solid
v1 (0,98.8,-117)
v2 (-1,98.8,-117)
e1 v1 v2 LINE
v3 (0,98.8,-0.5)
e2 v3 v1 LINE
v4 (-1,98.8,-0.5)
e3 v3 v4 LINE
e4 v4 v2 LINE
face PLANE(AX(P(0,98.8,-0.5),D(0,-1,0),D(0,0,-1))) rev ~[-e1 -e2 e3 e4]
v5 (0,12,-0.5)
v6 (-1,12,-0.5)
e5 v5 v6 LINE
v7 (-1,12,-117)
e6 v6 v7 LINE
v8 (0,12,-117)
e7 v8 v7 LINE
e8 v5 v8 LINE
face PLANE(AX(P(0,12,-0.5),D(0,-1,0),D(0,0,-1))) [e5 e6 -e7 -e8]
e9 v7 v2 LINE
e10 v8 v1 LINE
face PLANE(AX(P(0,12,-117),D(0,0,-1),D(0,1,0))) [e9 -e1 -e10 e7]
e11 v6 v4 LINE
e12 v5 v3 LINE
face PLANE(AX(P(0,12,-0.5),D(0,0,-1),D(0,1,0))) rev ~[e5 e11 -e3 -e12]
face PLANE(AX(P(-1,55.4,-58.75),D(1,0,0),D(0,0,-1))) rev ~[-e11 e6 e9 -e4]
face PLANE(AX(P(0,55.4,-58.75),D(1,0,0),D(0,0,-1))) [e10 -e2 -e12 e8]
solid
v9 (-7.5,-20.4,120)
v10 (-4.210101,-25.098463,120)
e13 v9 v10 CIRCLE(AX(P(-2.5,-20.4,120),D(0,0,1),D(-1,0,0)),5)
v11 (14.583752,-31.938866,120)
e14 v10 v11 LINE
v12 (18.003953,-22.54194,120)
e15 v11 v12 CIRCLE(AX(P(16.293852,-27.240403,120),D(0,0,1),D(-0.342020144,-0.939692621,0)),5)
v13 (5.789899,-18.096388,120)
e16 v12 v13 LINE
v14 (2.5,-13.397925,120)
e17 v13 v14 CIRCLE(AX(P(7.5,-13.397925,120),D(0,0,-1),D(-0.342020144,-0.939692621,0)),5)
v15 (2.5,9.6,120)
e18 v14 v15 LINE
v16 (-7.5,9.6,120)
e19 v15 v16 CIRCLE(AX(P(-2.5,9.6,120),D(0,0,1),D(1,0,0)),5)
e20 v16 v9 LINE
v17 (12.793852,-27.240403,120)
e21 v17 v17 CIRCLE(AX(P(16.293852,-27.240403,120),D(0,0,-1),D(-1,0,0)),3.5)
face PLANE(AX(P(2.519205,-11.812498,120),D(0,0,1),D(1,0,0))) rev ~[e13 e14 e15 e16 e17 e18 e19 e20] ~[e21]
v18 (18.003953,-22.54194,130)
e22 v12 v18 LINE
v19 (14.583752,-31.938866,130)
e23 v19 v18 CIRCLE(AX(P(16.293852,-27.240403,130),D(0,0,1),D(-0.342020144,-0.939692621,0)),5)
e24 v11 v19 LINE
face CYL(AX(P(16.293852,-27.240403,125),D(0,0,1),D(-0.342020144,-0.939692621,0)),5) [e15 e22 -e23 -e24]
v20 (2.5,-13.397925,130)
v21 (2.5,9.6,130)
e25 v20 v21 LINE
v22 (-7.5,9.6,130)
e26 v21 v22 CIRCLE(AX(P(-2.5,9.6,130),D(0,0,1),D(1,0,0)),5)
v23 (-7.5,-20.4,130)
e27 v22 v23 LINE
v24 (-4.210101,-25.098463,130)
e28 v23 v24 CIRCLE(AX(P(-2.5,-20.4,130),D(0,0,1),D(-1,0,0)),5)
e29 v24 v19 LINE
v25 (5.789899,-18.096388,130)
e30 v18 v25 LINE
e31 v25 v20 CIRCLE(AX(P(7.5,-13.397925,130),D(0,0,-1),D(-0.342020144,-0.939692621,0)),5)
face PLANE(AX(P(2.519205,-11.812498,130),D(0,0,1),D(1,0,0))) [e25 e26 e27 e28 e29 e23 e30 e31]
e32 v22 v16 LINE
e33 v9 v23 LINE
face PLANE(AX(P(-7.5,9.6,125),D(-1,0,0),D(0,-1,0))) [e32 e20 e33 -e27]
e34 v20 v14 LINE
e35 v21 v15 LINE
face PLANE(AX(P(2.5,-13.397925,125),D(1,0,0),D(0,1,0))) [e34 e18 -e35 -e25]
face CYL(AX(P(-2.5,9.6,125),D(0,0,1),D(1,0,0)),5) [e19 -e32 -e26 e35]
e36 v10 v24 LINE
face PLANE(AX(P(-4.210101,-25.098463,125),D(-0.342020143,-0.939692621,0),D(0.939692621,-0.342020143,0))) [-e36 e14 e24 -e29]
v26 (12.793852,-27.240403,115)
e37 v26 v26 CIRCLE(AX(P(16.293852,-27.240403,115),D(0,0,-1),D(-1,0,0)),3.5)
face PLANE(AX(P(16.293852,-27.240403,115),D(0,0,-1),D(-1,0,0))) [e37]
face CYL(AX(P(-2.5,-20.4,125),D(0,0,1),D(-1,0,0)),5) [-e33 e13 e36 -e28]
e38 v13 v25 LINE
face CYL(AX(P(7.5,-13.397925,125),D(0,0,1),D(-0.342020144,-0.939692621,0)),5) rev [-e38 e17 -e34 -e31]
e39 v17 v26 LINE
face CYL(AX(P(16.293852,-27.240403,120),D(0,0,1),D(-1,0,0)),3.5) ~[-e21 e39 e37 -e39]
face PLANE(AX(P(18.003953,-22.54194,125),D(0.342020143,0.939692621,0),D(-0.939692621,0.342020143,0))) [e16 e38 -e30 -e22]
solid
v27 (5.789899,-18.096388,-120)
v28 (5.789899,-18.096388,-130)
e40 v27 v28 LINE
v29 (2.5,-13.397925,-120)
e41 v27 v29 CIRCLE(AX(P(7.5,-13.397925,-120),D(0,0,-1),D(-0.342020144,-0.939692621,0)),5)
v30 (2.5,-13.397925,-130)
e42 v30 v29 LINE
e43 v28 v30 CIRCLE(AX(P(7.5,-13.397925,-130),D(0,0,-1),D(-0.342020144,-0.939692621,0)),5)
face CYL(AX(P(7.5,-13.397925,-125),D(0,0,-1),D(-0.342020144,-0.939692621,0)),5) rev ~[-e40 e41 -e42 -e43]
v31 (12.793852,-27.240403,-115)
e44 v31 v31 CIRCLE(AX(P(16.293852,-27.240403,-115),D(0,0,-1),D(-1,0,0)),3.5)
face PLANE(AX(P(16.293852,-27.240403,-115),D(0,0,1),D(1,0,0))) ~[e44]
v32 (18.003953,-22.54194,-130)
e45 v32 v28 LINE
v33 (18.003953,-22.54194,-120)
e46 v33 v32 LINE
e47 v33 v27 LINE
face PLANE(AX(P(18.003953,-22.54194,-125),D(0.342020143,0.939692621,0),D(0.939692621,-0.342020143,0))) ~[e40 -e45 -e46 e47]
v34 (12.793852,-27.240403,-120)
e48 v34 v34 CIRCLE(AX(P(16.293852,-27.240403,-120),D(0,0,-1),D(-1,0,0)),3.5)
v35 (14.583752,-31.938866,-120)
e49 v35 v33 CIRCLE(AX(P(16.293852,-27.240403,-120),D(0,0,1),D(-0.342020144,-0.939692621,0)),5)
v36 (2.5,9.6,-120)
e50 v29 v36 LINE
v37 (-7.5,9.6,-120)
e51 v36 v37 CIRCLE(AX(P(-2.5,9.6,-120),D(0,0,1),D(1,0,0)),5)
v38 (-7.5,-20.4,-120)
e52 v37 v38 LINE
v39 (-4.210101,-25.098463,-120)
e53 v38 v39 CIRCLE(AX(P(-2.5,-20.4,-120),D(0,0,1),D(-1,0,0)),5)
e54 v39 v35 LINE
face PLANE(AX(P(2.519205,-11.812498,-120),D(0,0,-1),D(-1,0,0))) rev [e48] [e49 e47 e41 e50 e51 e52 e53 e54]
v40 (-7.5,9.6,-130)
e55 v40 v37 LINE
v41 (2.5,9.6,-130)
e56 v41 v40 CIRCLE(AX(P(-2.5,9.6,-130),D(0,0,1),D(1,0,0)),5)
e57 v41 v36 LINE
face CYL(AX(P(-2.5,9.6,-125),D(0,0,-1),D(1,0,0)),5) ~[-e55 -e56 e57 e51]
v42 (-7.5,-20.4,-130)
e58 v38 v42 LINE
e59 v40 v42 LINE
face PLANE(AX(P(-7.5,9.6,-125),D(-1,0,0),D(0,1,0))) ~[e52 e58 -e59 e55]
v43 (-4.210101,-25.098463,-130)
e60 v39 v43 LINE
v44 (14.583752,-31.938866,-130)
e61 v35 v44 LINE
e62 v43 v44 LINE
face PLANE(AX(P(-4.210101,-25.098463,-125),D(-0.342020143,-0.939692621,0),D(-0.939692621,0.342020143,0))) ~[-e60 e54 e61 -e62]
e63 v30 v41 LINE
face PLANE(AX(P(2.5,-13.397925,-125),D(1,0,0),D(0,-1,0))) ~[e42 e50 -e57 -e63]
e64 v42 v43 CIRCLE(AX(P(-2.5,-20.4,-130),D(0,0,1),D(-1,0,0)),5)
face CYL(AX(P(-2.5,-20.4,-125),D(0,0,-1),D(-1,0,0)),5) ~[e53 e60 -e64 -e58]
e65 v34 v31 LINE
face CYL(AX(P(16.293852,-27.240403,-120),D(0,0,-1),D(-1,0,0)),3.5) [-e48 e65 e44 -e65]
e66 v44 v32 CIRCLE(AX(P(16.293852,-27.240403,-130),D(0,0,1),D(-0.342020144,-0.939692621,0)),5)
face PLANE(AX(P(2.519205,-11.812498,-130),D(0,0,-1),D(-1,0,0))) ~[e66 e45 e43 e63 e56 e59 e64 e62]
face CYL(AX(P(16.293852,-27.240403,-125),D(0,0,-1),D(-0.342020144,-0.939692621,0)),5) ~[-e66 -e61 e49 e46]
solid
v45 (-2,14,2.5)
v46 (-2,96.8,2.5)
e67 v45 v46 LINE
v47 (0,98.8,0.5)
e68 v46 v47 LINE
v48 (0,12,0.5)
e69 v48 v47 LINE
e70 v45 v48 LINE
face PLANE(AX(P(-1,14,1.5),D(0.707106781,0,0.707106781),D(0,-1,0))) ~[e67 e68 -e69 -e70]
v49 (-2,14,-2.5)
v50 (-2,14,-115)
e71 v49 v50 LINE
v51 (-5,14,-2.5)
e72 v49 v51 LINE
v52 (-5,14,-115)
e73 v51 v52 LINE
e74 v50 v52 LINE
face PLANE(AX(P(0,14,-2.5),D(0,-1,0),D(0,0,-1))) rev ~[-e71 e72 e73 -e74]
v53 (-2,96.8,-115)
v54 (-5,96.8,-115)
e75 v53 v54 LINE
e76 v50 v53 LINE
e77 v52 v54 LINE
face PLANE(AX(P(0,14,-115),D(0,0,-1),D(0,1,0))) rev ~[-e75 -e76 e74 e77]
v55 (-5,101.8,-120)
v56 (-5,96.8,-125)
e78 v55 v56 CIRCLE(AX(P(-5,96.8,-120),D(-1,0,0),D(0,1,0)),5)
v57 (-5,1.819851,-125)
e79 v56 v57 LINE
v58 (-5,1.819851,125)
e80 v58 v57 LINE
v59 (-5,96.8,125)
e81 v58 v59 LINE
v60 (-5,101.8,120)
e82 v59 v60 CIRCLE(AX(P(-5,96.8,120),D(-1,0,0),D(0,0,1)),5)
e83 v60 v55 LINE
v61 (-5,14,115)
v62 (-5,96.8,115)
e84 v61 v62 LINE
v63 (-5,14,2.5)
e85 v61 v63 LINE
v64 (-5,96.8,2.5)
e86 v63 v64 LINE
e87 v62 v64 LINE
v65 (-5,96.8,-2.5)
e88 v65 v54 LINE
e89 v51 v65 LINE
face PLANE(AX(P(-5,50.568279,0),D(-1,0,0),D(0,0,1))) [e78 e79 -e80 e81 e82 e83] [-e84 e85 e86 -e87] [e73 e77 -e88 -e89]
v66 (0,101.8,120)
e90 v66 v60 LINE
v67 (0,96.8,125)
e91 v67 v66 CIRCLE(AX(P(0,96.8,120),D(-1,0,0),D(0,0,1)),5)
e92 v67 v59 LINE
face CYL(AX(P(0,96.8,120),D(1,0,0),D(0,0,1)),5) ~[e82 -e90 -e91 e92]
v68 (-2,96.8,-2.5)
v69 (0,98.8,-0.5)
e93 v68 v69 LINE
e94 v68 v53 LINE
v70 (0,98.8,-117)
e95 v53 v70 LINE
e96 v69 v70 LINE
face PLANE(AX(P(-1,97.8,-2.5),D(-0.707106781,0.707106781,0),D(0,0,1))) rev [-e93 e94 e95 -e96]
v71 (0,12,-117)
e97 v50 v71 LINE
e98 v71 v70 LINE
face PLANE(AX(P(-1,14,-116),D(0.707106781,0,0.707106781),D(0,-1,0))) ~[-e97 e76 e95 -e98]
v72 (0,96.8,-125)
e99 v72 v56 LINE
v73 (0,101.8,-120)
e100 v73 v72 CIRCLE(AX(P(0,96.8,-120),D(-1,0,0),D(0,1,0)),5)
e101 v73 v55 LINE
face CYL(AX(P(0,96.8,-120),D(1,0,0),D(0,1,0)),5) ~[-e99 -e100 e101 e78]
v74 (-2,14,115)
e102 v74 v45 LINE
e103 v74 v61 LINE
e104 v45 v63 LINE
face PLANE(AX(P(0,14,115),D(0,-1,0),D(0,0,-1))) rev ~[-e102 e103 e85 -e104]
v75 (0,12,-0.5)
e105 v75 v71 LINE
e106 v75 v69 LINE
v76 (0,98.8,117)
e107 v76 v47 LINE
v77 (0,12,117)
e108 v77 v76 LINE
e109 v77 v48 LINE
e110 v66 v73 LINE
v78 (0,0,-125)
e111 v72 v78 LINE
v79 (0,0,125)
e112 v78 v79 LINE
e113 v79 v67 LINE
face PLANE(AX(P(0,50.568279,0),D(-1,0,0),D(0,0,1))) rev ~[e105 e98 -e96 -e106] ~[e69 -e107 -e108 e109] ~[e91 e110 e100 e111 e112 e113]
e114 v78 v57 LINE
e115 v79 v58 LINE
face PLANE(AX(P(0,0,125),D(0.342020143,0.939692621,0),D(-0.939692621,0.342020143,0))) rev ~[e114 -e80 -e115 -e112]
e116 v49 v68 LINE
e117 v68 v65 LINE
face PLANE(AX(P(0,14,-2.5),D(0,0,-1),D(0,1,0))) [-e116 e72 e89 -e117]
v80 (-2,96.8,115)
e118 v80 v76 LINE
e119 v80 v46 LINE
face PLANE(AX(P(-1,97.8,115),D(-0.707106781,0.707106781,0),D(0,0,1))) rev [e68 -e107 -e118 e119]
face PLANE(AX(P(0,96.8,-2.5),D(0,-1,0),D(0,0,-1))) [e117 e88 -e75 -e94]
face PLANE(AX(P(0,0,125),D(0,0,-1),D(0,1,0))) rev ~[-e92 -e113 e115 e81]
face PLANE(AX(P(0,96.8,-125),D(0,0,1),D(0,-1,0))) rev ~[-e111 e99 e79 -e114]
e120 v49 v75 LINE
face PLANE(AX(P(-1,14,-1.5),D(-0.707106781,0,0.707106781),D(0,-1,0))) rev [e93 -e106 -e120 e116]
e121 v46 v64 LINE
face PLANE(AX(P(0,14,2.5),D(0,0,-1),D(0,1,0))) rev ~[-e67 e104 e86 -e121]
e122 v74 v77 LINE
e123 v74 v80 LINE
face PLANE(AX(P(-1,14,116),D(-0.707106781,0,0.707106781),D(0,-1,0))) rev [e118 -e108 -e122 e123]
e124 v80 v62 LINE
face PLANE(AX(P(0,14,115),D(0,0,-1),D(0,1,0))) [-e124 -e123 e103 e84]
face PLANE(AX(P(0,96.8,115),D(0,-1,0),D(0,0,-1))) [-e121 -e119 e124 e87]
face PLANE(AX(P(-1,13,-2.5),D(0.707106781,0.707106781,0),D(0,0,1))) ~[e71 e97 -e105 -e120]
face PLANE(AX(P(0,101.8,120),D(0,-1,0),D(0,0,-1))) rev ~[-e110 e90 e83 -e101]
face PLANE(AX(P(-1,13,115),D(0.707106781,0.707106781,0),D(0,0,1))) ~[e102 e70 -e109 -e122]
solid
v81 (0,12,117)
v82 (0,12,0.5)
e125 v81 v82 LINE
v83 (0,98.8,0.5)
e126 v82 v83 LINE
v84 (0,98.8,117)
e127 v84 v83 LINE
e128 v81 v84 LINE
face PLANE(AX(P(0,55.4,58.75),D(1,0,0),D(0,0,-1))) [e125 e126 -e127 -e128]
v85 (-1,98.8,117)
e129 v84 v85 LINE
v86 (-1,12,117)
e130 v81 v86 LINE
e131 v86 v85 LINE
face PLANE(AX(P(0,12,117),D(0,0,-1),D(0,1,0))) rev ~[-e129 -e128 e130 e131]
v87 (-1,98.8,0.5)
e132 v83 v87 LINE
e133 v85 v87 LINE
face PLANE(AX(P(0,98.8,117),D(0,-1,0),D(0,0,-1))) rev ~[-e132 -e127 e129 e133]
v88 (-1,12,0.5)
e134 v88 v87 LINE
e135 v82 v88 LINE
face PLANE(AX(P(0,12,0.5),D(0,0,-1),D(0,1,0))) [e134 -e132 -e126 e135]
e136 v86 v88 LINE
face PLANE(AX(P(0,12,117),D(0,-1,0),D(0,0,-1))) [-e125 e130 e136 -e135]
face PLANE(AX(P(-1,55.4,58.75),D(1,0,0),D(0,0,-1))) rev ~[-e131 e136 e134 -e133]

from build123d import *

# Parameters (mm, degrees)
IZIM1_W                       = 112.5
IZIM1_H                       = 82.8
Y_KSEKLIK_EKSTR_ZYON1_DEPTH   = 5
PAH1_SIZE                     = 2
KES_EKSTR_ZYON1_DEPTH         = 270.978221344
Y_KSEKLIK_EKSTR_ZYON2_DEPTH   = 5
IZIM4_R                       = 3.5
Y_KSEKLIK_EKSTR_ZYON3_DEPTH   = 5
IZIM5_W                       = 116.5
IZIM5_H                       = 86.8
Y_KSEKLIK_EKSTR_ZYON4_DEPTH   = 1
Y_KSEKLIK_EKSTR_ZYON4_2_DEPTH = 1


with BuildPart() as part:
    # Çizim1 → Yükseklik-Ekstrüzyon1 (new body)
    with BuildSketch(Plane(origin=(0, 0, 0), x_dir=(0, 0, -1), z_dir=(1, 0, 0))):
        with BuildLine():
            Line((-120, 101.8), (120, 101.8))
            ThreePointArc((120, 101.8), (123.535533906, 100.335533906), (125, 96.8))
            Line((125, 96.8), (125, 0))
            Line((125, 0), (-125, 0))
            Line((-125, 0), (-125, 96.8))
            ThreePointArc((-125, 96.8), (-123.535533906, 100.335533906), (-120, 101.8))
        make_face()
        with Locations((58.75, 55.4)):
            Rectangle(IZIM1_W, IZIM1_H, mode=Mode.SUBTRACT)
        with Locations((-58.75, 55.4)):
            Rectangle(IZIM1_W, IZIM1_H, mode=Mode.SUBTRACT)
    extrude(amount=-Y_KSEKLIK_EKSTR_ZYON1_DEPTH)

    # Pah1
    pah1_edges = [part.edges().sort_by_distance(p)[0] for p in [
        (0, 55.4, 115),
        (0, 14, 58.75),
        (0, 55.4, 2.5),
        (0, 96.8, 58.75),
        (0, 55.4, -115),
        (0, 96.8, -58.75),
        (0, 55.4, -2.5),
        (0, 14, -58.75),
    ]]
    chamfer(pah1_edges, length=PAH1_SIZE)

    # Çizim2 → Kes-Ekstrüzyon1 (cut, through all)
    with BuildSketch(Plane.XY.offset(125)):
        Polygon((-5, 0), (0, 0), (-5, 1.819851171), align=None)
    extrude(amount=-KES_EKSTR_ZYON1_DEPTH, mode=Mode.SUBTRACT)


with BuildPart() as body_2:
    # Çizim3 → Yükseklik-Ekstrüzyon2 (new, symmetric)
    with BuildSketch(Plane.XY.offset(125)):
        with BuildLine():
            Line((-7.5, 9.6), (-7.5, -20.4))
            ThreePointArc((-7.5, -20.4), (-6.595760221, -23.267882182), (-4.210100717, -25.098463104))
            Line((-4.210100717, -25.098463104), (14.583751699, -31.93886597))
            ThreePointArc((14.583751699, -31.93886597), (20.99231552, -28.950503583), (18.003953132, -22.541939763))
            Line((18.003953132, -22.541939763), (5.789899283, -18.096387722))
            ThreePointArc((5.789899283, -18.096387722), (3.404239779, -16.2658068), (2.5, -13.397924618))
            Line((2.5, -13.397924618), (2.5, 9.6))
            ThreePointArc((2.5, 9.6), (-2.5, 14.6), (-7.5, 9.6))
        make_face()
    extrude(amount=Y_KSEKLIK_EKSTR_ZYON2_DEPTH, both=True)

    # Çizim4 → Yükseklik-Ekstrüzyon3 (add)
    with BuildSketch(Plane(origin=(0, 0, 120), x_dir=(-1, 0, 0), z_dir=(0, 0, -1))):
        with Locations((-16.293852416, -27.240402867)):
            Circle(IZIM4_R)
    extrude(amount=Y_KSEKLIK_EKSTR_ZYON3_DEPTH)


with BuildPart() as body_3:
    # Aynalama1: mirrored copy
    add(body_2.part.mirror(Plane.XY))


with BuildPart() as body_4:
    # Çizim5 → Yükseklik-Ekstrüzyon4 (new body)
    with BuildSketch(Plane(origin=(0, 0, 0), x_dir=(0, 0, -1), z_dir=(1, 0, 0))):
        with Locations((58.75, 55.4)):
            Rectangle(IZIM5_W, IZIM5_H)
    extrude(amount=-Y_KSEKLIK_EKSTR_ZYON4_DEPTH)


with BuildPart() as body_5:
    # Çizim5 → Y_kseklik-Ekstr_zyon4 2 (new body)
    with BuildSketch(Plane(origin=(0, 0, 0), x_dir=(0, 0, -1), z_dir=(1, 0, 0))):
        with Locations((-58.75, 55.4)):
            Rectangle(IZIM5_W, IZIM5_H)
    extrude(amount=-Y_KSEKLIK_EKSTR_ZYON4_2_DEPTH)


solid = Compound([part.part, body_2.part, body_3.part, body_4.part, body_5.part])
